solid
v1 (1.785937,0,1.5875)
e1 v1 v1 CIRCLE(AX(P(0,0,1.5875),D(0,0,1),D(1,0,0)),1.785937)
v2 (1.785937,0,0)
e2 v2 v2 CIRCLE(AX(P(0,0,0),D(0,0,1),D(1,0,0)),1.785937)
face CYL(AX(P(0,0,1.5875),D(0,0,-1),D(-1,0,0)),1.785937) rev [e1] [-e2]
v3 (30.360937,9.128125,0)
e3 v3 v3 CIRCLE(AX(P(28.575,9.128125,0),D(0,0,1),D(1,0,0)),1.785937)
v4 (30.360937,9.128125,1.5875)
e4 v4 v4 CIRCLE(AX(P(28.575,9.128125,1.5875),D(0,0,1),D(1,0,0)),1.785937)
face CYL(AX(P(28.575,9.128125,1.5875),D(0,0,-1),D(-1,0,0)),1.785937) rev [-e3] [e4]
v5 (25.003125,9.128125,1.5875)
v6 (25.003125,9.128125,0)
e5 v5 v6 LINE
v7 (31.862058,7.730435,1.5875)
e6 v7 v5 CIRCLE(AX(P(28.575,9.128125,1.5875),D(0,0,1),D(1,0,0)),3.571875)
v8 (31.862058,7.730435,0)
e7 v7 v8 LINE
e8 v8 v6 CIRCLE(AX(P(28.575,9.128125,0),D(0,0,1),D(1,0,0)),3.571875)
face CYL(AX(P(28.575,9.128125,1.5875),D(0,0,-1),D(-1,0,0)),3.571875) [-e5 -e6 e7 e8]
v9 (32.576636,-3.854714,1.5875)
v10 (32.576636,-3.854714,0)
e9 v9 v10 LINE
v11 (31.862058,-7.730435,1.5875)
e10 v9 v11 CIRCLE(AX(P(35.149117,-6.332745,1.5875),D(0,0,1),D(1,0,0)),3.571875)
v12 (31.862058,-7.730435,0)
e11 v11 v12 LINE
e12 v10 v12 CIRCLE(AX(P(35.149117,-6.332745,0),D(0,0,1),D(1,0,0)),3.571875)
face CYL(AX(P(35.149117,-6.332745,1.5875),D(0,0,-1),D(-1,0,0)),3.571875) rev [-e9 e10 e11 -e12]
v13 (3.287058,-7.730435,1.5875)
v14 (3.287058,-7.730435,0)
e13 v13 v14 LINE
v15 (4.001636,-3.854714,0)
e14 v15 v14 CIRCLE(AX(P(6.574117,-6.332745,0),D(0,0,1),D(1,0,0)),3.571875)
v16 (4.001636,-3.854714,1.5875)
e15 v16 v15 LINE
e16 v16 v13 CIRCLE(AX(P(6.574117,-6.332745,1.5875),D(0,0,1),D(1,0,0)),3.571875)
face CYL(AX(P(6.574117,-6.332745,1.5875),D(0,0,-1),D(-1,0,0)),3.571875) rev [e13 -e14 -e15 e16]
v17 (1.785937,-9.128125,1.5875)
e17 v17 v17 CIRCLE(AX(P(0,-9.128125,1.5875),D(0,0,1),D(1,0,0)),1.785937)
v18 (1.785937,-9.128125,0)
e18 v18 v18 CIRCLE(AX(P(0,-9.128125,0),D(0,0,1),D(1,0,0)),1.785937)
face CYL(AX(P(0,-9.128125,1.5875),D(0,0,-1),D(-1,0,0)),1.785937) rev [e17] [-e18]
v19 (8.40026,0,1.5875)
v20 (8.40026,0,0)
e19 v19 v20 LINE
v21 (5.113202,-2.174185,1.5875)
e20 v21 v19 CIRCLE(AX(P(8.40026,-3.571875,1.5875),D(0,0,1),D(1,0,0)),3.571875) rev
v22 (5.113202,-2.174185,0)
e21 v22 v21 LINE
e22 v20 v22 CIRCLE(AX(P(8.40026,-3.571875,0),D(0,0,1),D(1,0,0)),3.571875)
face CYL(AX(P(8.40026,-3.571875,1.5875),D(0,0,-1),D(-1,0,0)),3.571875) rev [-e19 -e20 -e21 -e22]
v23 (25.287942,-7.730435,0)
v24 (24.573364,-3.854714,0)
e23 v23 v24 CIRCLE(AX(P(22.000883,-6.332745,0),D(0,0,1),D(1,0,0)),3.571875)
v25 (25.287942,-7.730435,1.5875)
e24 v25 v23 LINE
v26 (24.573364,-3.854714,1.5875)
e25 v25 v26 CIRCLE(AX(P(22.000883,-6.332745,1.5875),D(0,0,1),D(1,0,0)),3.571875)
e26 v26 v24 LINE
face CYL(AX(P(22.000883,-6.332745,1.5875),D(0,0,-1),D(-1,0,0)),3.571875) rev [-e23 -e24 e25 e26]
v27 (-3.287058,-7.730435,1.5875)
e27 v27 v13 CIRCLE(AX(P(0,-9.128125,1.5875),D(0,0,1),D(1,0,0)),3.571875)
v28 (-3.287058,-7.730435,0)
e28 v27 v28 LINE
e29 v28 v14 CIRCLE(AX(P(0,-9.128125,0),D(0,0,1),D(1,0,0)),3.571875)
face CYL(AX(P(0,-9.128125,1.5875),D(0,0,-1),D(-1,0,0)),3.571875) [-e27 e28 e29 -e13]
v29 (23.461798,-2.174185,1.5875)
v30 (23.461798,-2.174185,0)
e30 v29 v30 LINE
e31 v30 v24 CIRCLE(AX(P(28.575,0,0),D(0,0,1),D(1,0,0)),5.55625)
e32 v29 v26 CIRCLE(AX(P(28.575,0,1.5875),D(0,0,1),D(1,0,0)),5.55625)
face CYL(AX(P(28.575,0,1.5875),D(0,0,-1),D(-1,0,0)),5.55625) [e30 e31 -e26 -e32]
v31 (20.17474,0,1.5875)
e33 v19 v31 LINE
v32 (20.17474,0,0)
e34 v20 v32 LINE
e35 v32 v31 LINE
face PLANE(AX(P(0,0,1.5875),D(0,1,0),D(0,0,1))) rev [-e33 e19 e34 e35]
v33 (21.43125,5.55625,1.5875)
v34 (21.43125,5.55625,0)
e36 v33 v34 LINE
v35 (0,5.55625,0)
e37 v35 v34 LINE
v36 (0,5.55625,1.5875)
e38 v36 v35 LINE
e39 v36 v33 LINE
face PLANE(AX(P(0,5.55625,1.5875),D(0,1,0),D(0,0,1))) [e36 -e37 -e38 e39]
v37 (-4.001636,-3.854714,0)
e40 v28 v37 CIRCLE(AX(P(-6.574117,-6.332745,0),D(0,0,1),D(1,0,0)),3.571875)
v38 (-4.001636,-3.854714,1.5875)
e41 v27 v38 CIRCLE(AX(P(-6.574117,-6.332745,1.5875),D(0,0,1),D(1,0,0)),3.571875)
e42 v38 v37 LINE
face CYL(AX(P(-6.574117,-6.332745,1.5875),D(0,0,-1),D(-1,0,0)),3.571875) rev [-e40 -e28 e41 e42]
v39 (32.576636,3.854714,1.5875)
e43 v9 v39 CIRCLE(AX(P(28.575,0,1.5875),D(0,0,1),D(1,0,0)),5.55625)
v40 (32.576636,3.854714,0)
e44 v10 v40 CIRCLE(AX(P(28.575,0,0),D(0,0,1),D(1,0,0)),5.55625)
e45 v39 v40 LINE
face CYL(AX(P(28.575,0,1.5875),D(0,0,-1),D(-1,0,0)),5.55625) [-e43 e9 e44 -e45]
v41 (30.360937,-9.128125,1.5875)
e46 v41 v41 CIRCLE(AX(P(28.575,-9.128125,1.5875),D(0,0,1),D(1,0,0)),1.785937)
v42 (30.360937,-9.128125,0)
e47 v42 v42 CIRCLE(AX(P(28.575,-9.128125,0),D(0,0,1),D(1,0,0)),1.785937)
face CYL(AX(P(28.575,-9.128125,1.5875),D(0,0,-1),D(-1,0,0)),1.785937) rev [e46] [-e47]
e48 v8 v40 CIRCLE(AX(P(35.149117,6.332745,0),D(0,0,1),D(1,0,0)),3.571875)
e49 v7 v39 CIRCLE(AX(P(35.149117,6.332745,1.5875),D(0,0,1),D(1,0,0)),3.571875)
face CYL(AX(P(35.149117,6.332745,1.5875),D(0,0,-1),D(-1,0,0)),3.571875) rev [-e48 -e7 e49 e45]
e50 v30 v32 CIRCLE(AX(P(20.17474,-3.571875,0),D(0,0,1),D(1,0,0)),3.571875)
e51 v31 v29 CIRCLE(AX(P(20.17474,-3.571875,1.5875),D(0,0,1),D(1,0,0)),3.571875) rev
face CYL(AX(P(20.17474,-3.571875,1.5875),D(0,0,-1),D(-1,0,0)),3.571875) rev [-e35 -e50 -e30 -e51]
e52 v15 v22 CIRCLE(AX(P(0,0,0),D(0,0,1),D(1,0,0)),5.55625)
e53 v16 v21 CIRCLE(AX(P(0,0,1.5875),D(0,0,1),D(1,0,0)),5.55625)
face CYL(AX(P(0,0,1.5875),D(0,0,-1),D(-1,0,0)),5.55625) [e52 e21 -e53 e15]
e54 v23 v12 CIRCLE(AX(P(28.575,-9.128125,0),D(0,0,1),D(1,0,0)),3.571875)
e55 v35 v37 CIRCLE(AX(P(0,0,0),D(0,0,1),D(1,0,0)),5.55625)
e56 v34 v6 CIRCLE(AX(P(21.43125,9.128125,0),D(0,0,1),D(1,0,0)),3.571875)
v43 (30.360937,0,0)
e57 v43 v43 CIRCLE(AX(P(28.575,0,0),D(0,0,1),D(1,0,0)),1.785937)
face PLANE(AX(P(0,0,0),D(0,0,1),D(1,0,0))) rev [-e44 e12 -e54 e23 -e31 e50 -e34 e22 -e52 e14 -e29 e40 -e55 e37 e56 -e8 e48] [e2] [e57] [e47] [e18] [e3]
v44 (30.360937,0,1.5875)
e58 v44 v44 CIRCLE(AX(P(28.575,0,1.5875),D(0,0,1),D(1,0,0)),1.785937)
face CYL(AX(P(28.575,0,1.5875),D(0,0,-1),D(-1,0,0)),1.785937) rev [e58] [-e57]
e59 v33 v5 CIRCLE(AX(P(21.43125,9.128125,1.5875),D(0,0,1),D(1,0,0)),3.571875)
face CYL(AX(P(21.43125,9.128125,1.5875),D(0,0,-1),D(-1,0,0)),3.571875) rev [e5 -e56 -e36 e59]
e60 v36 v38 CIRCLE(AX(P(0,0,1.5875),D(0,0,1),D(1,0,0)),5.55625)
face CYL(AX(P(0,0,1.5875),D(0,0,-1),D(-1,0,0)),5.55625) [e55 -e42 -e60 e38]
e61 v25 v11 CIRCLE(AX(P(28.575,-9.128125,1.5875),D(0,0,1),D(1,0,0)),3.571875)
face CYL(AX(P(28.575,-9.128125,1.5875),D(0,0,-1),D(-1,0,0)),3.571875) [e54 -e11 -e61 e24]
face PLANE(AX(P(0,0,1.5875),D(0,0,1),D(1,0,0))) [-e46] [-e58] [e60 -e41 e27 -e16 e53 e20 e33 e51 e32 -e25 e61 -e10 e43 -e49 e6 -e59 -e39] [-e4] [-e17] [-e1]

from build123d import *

# Parameters (mm, degrees)
SKETCH1_R           = 1.7859375
BOSS_EXTRUDE1_DEPTH = 1.5875
FILLET1_R           = 3.571875


with BuildPart() as part:
    # Sketch1 → Boss-Extrude1 (new body)
    with BuildSketch(Plane.XY):
        with BuildLine():
            ThreePointArc((4.001636181, -3.854714248), (5.152960561, -2.078199104), (5.55625, 0))
            Line((5.55625, 0), (23.01875, 0))
            ThreePointArc((23.01875, 0), (23.422039397, -2.078199001), (24.573363664, -3.854714088))
            ThreePointArc((24.573363664, -3.854714088), (25.513553345, -5.68510334), (25.287941571, -7.730434799))
            ThreePointArc((25.287941571, -7.730434799), (28.575000018, -12.7), (31.862058415, -7.730434766))
            ThreePointArc((31.862058415, -7.730434766), (31.636446643, -5.685103406), (32.576636217, -3.854714211))
            ThreePointArc((32.576636217, -3.854714211), (34.13125, -2e-08), (32.576636245, 3.854714182))
            ThreePointArc((32.576636245, 3.854714182), (31.636446652, 5.685103357), (31.862058392, 7.730434711))
            ThreePointArc((31.862058392, 7.730434711), (29.288207306, 12.628071622), (25.003125, 9.128125))
            ThreePointArc((25.003125, 9.128125), (23.956947034, 6.602427966), (21.43125, 5.55625))
            Line((21.43125, 5.55625), (0, 5.55625))
            ThreePointArc((0, 5.55625), (-5.113202033, 2.174184683), (-4.00163619, -3.85471424))
            ThreePointArc((-4.00163619, -3.85471424), (-3.061446646, -5.685103393), (-3.287058389, -7.730434703))
            ThreePointArc((-3.287058389, -7.730434703), (1.4e-08, -12.7), (3.287058378, -7.730434678))
            ThreePointArc((3.287058378, -7.730434678), (3.061446647, -5.685103385), (4.001636181, -3.854714248))
        make_face()
        Circle(SKETCH1_R, mode=Mode.SUBTRACT)
        with Locations((28.575, 0)):
            Circle(SKETCH1_R, mode=Mode.SUBTRACT)
        with Locations((0, -9.128125)):
            Circle(SKETCH1_R, mode=Mode.SUBTRACT)
        with Locations((28.575, -9.128125)):
            Circle(SKETCH1_R, mode=Mode.SUBTRACT)
        with Locations((28.575, 9.128125)):
            Circle(SKETCH1_R, mode=Mode.SUBTRACT)
    extrude(amount=BOSS_EXTRUDE1_DEPTH)

    # Fillet1
    fillet1_edges = [part.edges().sort_by_distance(p)[0] for p in [
        (23.01875, 0, 0.79375),
        (5.55625, 0, 0.79375),
    ]]
    fillet(fillet1_edges, radius=FILLET1_R)


solid = part.part
